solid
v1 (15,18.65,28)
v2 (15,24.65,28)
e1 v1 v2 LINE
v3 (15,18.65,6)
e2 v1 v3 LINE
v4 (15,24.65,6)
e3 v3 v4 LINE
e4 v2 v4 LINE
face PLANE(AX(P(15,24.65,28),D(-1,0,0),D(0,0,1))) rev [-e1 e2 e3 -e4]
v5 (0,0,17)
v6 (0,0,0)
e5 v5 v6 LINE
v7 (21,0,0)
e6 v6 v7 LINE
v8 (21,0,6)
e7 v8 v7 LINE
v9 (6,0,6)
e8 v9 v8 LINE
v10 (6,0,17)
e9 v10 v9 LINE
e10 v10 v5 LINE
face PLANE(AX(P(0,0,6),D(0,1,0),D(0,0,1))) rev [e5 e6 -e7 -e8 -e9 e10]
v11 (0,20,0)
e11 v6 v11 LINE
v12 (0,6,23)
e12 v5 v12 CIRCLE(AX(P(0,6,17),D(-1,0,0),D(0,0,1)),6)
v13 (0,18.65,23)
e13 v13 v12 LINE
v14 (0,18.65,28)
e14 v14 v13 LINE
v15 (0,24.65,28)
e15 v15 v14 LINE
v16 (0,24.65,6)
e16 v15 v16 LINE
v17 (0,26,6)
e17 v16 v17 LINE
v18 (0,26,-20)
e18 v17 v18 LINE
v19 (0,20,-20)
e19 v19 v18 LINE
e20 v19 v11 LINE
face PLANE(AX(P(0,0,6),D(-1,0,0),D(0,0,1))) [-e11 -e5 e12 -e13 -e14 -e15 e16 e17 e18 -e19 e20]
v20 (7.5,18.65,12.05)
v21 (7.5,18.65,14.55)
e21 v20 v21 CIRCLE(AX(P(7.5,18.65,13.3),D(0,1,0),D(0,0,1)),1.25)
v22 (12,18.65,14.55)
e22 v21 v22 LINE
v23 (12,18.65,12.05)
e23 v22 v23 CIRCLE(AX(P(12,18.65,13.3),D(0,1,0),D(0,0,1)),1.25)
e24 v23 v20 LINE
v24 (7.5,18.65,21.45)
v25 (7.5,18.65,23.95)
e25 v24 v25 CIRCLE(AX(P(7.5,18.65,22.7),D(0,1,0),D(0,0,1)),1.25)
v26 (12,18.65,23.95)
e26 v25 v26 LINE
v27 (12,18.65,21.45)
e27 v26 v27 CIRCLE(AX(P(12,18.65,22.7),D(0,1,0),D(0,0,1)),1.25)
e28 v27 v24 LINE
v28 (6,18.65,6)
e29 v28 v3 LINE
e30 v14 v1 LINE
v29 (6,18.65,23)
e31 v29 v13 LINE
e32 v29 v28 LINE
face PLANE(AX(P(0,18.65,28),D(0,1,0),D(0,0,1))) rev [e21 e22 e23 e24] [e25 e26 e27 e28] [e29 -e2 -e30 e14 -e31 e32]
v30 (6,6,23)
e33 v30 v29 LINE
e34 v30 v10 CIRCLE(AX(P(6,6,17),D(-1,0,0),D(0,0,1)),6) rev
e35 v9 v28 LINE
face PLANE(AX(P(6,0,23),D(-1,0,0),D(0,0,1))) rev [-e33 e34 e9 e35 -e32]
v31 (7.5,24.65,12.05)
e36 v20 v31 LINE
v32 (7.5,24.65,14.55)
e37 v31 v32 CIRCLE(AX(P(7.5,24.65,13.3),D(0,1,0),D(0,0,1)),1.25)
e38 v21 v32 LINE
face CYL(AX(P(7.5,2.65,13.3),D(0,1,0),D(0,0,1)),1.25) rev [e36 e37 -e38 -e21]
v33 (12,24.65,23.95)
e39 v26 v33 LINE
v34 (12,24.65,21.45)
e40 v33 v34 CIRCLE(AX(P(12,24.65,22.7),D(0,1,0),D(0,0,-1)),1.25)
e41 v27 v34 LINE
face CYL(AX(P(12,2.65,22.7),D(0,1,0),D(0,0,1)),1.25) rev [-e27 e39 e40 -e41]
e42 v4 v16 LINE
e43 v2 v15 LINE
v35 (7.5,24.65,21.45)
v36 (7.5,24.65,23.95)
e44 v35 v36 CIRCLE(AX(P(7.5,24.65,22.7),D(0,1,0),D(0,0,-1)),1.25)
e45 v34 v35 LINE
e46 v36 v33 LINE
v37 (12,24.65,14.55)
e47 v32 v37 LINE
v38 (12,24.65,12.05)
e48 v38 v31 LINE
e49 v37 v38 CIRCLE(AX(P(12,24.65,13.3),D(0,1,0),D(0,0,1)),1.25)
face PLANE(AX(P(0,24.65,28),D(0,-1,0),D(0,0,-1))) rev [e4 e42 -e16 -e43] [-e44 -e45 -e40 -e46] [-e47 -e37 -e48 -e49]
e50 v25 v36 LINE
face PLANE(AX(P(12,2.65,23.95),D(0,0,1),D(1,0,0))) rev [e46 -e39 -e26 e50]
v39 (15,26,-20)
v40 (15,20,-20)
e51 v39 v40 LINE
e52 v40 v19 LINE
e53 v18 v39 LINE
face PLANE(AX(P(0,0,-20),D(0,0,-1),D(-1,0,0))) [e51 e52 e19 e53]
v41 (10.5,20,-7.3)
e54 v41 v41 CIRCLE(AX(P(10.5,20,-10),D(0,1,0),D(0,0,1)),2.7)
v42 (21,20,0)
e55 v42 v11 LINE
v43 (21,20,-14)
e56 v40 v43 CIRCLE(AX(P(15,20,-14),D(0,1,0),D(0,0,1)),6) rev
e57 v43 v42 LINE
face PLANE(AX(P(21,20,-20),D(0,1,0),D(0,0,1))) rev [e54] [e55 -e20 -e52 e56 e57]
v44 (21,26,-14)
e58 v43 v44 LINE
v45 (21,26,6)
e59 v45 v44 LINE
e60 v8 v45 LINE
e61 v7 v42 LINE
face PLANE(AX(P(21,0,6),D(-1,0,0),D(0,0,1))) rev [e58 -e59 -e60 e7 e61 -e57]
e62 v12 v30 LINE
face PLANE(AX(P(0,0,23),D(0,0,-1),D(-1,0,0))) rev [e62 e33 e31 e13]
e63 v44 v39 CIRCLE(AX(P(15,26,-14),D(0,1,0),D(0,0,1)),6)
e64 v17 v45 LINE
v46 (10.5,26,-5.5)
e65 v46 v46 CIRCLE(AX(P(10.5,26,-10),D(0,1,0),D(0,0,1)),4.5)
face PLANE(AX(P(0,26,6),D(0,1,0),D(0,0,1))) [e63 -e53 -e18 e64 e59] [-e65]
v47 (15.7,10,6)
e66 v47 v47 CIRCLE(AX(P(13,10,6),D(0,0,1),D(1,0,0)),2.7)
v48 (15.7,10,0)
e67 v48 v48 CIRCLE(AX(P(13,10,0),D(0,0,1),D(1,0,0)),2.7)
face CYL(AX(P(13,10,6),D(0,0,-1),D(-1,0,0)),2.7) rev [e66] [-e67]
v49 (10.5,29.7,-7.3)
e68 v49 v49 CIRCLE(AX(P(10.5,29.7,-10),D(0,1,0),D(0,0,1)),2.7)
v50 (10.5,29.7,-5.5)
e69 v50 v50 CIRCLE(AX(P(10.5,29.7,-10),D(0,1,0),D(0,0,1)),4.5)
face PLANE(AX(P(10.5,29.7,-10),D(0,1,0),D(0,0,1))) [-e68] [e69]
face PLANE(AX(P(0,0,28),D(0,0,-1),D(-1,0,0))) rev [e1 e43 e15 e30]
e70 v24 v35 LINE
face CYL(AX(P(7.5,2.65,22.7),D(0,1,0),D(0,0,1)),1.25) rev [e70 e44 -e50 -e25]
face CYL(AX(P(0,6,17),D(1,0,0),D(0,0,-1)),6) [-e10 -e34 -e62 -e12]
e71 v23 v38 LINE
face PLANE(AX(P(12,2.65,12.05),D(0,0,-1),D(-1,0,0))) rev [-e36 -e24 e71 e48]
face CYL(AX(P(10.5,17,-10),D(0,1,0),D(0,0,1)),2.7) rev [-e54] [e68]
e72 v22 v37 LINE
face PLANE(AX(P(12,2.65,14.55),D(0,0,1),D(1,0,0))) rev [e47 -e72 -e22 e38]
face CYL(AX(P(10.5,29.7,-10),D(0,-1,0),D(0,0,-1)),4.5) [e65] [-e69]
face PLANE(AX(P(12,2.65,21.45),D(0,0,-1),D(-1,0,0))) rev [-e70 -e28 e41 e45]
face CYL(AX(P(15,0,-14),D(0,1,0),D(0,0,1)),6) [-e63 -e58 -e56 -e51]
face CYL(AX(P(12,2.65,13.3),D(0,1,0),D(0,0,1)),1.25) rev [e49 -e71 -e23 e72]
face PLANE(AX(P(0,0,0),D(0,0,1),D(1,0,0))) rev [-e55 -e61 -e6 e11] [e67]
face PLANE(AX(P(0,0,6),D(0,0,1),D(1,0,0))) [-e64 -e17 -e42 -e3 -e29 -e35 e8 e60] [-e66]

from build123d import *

# Parameters (mm, degrees)
SZKIC1_W                    = 21
SZKIC1_H                    = 6
SZKIC1_H_2                  = 20
SZKIC1_R                    = 2.7
DODANIE_WYCI_GNI_CIE1_DEPTH = 6
SZKIC2_W                    = 21
SZKIC2_H                    = 6
DODANIE_WYCI_GNI_CIE2_DEPTH = 20
SZKIC3_R                    = 2.7
WYTNIJ_WYCI_GNI_CIE1_DEPTH  = 9
SZKIC4_W                    = 15
SZKIC4_H                    = 6
DODANIE_WYCI_GNI_CIE3_DEPTH = 22
SZKIC8_R                    = 4.5
SZKIC8_R_2                  = 2.7
DODANIE_WYCI_GNI_CIE6_DEPTH = 3.7
SZKIC9_W                    = 6
SZKIC9_H                    = 18.65
DODANIE_WYCI_GNI_CIE7_DEPTH = 17
ZAOKR_GLENIE3_R             = 6
WYTNIJ_WYCI_GNI_CIE2_DEPTH  = 22
ZAOKR_GLENIE4_R             = 6
SZKIC6_R                    = 4.5
SZKIC6_R_2                  = 2.7
DODANIE_WYCI_GNI_CIE5_DEPTH = 3.7


with BuildPart() as part:
    # Szkic1 → Dodanie-wyciągnięcie1 (new body)
    with BuildSketch(Plane.XY):
        with Locations((10.5, 23)):
            Rectangle(SZKIC1_W, SZKIC1_H)
        with Locations((10.5, 10)):
            Rectangle(SZKIC1_W, SZKIC1_H_2)
        with Locations((13, 10)):
            Circle(SZKIC1_R, mode=Mode.SUBTRACT)
    extrude(amount=DODANIE_WYCI_GNI_CIE1_DEPTH)

    # Szkic2 → Dodanie-wyciągnięcie2 (add)
    with BuildSketch(Plane(origin=(0, 0, 0), x_dir=(-1, 0, 0), z_dir=(0, 0, -1))):
        with Locations((-10.5, 23)):
            Rectangle(SZKIC2_W, SZKIC2_H)
    extrude(amount=DODANIE_WYCI_GNI_CIE2_DEPTH)

    # Szkic3 → Wytnij-wyciągnięcie1 (cut)
    with BuildSketch(Plane(origin=(0, 26, 0), x_dir=(1, 0, 0), z_dir=(0, 1, 0))):
        with Locations((10.5, 10)):
            Circle(SZKIC3_R)
    extrude(amount=-WYTNIJ_WYCI_GNI_CIE1_DEPTH, mode=Mode.SUBTRACT)

    # Szkic4 → Dodanie-wyciągnięcie3 (add)
    with BuildSketch(Plane.XY.offset(6)):
        with Locations((7.5, 21.65)):
            Rectangle(SZKIC4_W, SZKIC4_H)
    extrude(amount=DODANIE_WYCI_GNI_CIE3_DEPTH)

    # Szkic8 → Dodanie-wyciągnięcie6 (add)
    with BuildSketch(Plane(origin=(0, 26, 0), x_dir=(1, 0, 0), z_dir=(0, 1, 0))):
        with Locations((10.5, 10)):
            Circle(SZKIC8_R)
        with Locations((10.5, 10)):
            Circle(SZKIC8_R_2, mode=Mode.SUBTRACT)
    extrude(amount=DODANIE_WYCI_GNI_CIE6_DEPTH)

    # Szkic9 → Dodanie-wyciągnięcie7 (add)
    with BuildSketch(Plane.XY.offset(6)):
        with Locations((3, 9.325)):
            Rectangle(SZKIC9_W, SZKIC9_H)
    extrude(amount=DODANIE_WYCI_GNI_CIE7_DEPTH)

    # Zaokrąglenie3
    zaokr_glenie3_edges = [part.edges().sort_by_distance(p)[0] for p in [
        (3, 0, 23),
    ]]
    fillet(zaokr_glenie3_edges, radius=ZAOKR_GLENIE3_R)

    # Szkic12 → Wytnij-wyciągnięcie2 (cut)
    with BuildSketch(Plane(origin=(0, 24.65, 0), x_dir=(1, 0, 0), z_dir=(0, 1, 0))):
        with BuildLine():
            Line((12, -14.55), (7.5, -14.55))
            ThreePointArc((7.5, -14.55), (6.25, -13.3), (7.5, -12.05))
            Line((7.5, -12.05), (12, -12.05))
            ThreePointArc((12, -12.05), (13.25, -13.3), (12, -14.55))
        make_face()
        with BuildLine():
            Line((12, -21.45), (7.5, -21.45))
            ThreePointArc((7.5, -21.45), (6.25, -22.7), (7.5, -23.95))
            Line((7.5, -23.95), (12, -23.95))
            ThreePointArc((12, -23.95), (13.25, -22.7), (12, -21.45))
        make_face()
    extrude(amount=-WYTNIJ_WYCI_GNI_CIE2_DEPTH, mode=Mode.SUBTRACT)

    # Zaokrąglenie4
    zaokr_glenie4_edges = [part.edges().sort_by_distance(p)[0] for p in [
        (21, 23, -20),
    ]]
    fillet(zaokr_glenie4_edges, radius=ZAOKR_GLENIE4_R)

    # Szkic6 → Dodanie-wyciągnięcie5 (add)
    with BuildSketch(Plane(origin=(0, 26, 0), x_dir=(1, 0, 0), z_dir=(0, 1, 0))):
        with Locations((10.5, 10)):
            Circle(SZKIC6_R)
        with Locations((10.5, 10)):
            Circle(SZKIC6_R_2, mode=Mode.SUBTRACT)
    extrude(amount=DODANIE_WYCI_GNI_CIE5_DEPTH)


solid = part.part
